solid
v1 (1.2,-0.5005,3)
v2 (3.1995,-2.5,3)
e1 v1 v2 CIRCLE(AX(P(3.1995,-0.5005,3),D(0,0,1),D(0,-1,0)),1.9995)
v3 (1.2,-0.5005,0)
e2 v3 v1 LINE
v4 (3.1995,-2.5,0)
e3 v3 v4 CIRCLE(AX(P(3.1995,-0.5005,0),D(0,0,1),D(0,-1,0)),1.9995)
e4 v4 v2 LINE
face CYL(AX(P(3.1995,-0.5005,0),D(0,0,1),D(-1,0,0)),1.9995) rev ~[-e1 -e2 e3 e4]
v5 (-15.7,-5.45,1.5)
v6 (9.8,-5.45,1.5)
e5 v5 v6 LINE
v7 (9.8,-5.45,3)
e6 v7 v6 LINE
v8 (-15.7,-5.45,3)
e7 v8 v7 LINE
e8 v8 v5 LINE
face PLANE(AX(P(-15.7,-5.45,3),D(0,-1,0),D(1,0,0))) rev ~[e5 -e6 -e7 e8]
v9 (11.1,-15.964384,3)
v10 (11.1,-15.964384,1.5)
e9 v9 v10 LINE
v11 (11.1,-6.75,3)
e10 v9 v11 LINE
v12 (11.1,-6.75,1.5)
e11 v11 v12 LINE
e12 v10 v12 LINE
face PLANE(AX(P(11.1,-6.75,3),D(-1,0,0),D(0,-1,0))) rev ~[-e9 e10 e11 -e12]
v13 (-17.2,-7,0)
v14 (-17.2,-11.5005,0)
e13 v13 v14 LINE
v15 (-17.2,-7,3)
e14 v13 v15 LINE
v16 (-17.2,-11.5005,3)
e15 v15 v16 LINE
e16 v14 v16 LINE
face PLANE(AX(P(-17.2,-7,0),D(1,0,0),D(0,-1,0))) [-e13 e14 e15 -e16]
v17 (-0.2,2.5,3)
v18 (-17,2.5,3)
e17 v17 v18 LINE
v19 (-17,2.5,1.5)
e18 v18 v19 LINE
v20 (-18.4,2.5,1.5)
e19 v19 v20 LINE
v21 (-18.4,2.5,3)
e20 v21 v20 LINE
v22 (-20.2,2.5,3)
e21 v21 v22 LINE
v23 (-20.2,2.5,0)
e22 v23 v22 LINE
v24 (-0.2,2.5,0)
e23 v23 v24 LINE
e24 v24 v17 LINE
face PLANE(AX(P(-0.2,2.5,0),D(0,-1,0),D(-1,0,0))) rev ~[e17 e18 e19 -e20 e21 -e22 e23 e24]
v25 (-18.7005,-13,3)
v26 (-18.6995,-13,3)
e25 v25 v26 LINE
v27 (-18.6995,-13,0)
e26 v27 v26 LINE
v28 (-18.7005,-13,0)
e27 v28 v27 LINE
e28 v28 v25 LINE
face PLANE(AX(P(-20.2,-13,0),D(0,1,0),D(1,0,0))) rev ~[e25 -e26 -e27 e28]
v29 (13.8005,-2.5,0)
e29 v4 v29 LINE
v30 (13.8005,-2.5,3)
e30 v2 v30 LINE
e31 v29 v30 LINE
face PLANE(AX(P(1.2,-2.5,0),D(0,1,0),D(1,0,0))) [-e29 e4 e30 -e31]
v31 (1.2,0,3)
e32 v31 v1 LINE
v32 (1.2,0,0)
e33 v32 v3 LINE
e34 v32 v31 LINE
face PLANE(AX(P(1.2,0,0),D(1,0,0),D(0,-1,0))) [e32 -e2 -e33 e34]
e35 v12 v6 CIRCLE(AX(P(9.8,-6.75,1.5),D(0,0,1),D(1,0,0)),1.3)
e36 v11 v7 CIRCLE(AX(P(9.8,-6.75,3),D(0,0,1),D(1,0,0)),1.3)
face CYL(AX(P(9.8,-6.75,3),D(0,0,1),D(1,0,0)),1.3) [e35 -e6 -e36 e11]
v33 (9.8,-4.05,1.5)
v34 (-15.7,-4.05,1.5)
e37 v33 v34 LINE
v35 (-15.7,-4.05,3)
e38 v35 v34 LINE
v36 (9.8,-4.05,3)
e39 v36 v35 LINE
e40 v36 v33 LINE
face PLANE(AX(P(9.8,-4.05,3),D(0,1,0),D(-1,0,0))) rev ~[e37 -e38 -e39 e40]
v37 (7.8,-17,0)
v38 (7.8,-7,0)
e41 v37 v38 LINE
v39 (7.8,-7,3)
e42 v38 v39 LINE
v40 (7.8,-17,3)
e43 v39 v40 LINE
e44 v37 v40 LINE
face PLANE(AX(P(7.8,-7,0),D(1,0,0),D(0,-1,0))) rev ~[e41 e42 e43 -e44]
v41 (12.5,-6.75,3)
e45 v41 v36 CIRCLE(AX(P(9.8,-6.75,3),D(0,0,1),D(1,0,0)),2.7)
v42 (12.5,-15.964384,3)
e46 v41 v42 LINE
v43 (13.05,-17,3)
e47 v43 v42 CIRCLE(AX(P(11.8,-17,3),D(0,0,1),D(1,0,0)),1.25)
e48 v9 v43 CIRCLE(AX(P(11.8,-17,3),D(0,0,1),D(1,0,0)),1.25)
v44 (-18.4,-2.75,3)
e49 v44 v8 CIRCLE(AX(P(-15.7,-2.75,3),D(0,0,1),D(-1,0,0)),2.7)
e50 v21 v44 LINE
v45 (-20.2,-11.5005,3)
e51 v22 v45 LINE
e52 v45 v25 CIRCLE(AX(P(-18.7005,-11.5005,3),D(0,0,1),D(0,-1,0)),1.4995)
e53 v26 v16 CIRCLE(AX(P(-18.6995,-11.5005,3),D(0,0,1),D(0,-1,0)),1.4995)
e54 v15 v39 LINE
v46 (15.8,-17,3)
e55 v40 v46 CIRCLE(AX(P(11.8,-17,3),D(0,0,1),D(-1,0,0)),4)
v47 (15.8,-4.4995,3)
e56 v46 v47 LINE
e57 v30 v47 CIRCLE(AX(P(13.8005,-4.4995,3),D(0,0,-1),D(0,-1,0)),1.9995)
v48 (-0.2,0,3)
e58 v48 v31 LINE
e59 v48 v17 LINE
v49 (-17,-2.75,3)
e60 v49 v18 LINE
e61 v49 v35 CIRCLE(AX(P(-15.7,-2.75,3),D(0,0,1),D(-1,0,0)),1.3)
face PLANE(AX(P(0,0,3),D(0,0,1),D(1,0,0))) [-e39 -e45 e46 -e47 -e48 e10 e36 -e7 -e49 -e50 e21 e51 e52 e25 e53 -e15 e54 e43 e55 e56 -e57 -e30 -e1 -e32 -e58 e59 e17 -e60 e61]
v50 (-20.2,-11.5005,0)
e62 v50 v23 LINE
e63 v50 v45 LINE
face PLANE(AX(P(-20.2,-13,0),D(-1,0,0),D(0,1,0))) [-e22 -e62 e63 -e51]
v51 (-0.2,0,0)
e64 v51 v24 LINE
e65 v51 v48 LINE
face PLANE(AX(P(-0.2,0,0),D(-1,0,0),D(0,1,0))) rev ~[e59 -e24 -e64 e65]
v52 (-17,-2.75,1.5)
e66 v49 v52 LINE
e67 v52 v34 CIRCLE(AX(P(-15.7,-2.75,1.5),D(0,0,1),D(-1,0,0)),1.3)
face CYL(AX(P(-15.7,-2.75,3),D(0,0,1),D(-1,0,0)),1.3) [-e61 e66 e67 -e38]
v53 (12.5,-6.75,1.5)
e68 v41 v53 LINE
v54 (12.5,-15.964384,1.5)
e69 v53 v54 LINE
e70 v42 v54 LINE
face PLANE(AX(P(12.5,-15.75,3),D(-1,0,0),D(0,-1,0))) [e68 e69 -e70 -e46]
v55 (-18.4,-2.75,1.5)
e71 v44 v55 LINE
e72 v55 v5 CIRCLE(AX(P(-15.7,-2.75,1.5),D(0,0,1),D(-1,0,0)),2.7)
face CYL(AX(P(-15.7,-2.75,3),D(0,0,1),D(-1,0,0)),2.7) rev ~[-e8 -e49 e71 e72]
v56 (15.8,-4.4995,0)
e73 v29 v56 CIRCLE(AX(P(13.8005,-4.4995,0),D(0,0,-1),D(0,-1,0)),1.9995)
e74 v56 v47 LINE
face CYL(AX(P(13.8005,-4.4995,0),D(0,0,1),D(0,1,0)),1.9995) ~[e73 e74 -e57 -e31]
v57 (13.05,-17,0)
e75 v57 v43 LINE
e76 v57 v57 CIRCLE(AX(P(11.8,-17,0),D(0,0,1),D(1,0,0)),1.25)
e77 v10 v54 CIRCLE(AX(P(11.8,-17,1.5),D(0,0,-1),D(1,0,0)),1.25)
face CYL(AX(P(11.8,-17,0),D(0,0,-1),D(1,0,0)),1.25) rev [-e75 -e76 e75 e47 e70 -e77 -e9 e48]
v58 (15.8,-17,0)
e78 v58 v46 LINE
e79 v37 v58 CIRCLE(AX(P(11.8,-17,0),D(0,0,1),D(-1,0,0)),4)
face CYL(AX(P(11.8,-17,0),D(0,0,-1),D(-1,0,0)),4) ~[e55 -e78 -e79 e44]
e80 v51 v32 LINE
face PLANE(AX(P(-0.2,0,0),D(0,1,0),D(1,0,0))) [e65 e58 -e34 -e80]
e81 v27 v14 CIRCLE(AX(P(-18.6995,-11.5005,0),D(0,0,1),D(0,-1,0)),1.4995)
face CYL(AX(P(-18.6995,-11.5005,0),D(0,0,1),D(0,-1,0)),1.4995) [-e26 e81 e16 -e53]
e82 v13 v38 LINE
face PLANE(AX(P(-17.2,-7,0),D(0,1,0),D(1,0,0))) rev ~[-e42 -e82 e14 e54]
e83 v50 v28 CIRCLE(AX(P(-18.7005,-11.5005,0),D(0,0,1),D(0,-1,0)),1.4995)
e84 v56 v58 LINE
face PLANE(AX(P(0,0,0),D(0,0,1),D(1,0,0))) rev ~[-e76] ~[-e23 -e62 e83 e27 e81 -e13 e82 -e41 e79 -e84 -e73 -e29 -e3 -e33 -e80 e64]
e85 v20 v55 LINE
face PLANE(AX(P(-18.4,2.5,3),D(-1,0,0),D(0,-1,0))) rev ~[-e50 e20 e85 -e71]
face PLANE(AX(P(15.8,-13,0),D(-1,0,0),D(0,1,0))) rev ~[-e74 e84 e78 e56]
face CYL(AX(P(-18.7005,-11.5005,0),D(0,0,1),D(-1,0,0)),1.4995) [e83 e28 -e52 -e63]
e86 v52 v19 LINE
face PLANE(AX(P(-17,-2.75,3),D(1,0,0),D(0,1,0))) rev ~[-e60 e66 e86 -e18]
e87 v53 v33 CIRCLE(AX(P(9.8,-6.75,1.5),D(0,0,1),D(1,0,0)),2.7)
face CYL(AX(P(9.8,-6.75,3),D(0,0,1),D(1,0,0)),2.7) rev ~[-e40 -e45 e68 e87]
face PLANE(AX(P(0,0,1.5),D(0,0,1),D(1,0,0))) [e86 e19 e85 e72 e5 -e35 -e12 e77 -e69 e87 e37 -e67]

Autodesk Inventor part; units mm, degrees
ref_plane "YZ Plane" through (0, 0, 0) normal (1, 0, 0) x (0, 1, 0)
ref_plane "XZ Plane" through (0, 0, 0) normal (0, 1, 0) x (-1, 0, 0)
ref_plane "XY Plane" through (0, 0, 0) normal (0, 0, 1) x (1, 0, 0)
sketch "Эскиз1" plane through (0, 0, 0) normal (0, 0, 1) x (1, 0, 0)
  line L0 (-0.2, 0) -> (-0.2, 2.5)
  line L1 (-0.2, 2.5) -> (-20.2, 2.5)
  line L2 (-20.2, 0) -> (-20.2, 2.5)
  line L3 (-0.2, 0) -> (1.2, 0)
  line L4 (1.2, 0) -> (1.2, -3.5)
  line L5 (-20.2, -13) -> (-17.2, -13)
  line L6 (-17.2, -7) -> (7.8, -7)
  line L7 (7.8, -13) -> (15.8, -13)
  line L8 (15.8, -3.5) -> (1.2, -3.5)
  line L9 (7.8, -13) -> (7.8, -17)
  line L10 (15.8, -17) -> (15.8, -13)
  arc A0 (7.8, -17) -> (15.8, -17) centre (11.8, -17) ccw
  circle A1 centre (11.8, -17) radius 1.25
  line L11 (15.8, -13) -> (15.8, -3.5)
  line L12 (7.8, -7) -> (7.8, -13)
  line L13 (-17.2, -7) -> (-17.2, -13)
  line L14 (-20.2, -13) -> (-20.2, 0)
  line L15 (-6.1183, 2.5) -> (-8.8117, 2.5)
  point P0 (0, 0)
  dimension "d0" = 2.5
extrude "Выдавливание1" add sketch "Эскиз1" along normal blind 3
sketch "Эскиз2" plane through (1.2, -3.5, 0) normal (0, 1, 0) x (1, 0, 0)
  line L0 (11.85, 0) -> (11.85, -3) projected
  line L1 (14.6, 0) -> (0, 0) projected
  line L2 (0, 0) -> (0, -3) projected
  line L3 (14.6, -3) -> (0, -3) projected
  line L4 (14.6, 0) -> (14.6, -3) projected
  point P0 (-1.2, 0)
extrude "Выдавливание2" add sketch "Эскиз2" along normal blind 1
fillet "Сопряжение1" radius 2 2 edges at (15.8, -2.5, 1.5) (1.2, -2.5, 1.5)
fillet "Сопряжение1" radius 1.5 2 edges at (-17.2, -13, 1.5) (-20.2, -13, 1.5)
sketch "Эскиз3" plane through (0, 0, 3) normal (0, 0, 1) x (1, 0, 0)
  line L0 (-18.4, 2.5) -> (-18.4, -2.75)
  arc A0 (-18.4, -2.75) -> (-15.7, -5.45) centre (-15.7, -2.75) ccw
  line L1 (-15.7, -5.45) -> (9.8, -5.45)
  arc A1 (11.1, -6.75) -> (9.8, -5.45) centre (9.8, -6.75) ccw
  line L2 (11.1, -6.75) -> (11.1, -15.75)
  line L3 (12.5, -15.75) -> (12.5, -6.75)
  arc A2 (12.5, -6.75) -> (9.8, -4.05) centre (9.8, -6.75) ccw
  line L4 (9.8, -4.05) -> (-15.7, -4.05)
  arc A3 (-17, -2.75) -> (-15.7, -4.05) centre (-15.7, -2.75) ccw
  line L5 (-17, -2.75) -> (-17, 2.5)
  line L6 (-17, 2.5) -> (-18.4, 2.5)
  line L7 (12.5, -15.75) -> (12.5, -17.0201)
  line L8 (12.5, -17.0201) -> (11.1, -17.0201)
  line L9 (11.1, -17.0201) -> (11.1, -15.75)
  point P0 (0, 0)
extrude "Выдавливание3" cut sketch "Эскиз3" against normal blind 1.5
properties part number "RackeSecondaryStacring"
